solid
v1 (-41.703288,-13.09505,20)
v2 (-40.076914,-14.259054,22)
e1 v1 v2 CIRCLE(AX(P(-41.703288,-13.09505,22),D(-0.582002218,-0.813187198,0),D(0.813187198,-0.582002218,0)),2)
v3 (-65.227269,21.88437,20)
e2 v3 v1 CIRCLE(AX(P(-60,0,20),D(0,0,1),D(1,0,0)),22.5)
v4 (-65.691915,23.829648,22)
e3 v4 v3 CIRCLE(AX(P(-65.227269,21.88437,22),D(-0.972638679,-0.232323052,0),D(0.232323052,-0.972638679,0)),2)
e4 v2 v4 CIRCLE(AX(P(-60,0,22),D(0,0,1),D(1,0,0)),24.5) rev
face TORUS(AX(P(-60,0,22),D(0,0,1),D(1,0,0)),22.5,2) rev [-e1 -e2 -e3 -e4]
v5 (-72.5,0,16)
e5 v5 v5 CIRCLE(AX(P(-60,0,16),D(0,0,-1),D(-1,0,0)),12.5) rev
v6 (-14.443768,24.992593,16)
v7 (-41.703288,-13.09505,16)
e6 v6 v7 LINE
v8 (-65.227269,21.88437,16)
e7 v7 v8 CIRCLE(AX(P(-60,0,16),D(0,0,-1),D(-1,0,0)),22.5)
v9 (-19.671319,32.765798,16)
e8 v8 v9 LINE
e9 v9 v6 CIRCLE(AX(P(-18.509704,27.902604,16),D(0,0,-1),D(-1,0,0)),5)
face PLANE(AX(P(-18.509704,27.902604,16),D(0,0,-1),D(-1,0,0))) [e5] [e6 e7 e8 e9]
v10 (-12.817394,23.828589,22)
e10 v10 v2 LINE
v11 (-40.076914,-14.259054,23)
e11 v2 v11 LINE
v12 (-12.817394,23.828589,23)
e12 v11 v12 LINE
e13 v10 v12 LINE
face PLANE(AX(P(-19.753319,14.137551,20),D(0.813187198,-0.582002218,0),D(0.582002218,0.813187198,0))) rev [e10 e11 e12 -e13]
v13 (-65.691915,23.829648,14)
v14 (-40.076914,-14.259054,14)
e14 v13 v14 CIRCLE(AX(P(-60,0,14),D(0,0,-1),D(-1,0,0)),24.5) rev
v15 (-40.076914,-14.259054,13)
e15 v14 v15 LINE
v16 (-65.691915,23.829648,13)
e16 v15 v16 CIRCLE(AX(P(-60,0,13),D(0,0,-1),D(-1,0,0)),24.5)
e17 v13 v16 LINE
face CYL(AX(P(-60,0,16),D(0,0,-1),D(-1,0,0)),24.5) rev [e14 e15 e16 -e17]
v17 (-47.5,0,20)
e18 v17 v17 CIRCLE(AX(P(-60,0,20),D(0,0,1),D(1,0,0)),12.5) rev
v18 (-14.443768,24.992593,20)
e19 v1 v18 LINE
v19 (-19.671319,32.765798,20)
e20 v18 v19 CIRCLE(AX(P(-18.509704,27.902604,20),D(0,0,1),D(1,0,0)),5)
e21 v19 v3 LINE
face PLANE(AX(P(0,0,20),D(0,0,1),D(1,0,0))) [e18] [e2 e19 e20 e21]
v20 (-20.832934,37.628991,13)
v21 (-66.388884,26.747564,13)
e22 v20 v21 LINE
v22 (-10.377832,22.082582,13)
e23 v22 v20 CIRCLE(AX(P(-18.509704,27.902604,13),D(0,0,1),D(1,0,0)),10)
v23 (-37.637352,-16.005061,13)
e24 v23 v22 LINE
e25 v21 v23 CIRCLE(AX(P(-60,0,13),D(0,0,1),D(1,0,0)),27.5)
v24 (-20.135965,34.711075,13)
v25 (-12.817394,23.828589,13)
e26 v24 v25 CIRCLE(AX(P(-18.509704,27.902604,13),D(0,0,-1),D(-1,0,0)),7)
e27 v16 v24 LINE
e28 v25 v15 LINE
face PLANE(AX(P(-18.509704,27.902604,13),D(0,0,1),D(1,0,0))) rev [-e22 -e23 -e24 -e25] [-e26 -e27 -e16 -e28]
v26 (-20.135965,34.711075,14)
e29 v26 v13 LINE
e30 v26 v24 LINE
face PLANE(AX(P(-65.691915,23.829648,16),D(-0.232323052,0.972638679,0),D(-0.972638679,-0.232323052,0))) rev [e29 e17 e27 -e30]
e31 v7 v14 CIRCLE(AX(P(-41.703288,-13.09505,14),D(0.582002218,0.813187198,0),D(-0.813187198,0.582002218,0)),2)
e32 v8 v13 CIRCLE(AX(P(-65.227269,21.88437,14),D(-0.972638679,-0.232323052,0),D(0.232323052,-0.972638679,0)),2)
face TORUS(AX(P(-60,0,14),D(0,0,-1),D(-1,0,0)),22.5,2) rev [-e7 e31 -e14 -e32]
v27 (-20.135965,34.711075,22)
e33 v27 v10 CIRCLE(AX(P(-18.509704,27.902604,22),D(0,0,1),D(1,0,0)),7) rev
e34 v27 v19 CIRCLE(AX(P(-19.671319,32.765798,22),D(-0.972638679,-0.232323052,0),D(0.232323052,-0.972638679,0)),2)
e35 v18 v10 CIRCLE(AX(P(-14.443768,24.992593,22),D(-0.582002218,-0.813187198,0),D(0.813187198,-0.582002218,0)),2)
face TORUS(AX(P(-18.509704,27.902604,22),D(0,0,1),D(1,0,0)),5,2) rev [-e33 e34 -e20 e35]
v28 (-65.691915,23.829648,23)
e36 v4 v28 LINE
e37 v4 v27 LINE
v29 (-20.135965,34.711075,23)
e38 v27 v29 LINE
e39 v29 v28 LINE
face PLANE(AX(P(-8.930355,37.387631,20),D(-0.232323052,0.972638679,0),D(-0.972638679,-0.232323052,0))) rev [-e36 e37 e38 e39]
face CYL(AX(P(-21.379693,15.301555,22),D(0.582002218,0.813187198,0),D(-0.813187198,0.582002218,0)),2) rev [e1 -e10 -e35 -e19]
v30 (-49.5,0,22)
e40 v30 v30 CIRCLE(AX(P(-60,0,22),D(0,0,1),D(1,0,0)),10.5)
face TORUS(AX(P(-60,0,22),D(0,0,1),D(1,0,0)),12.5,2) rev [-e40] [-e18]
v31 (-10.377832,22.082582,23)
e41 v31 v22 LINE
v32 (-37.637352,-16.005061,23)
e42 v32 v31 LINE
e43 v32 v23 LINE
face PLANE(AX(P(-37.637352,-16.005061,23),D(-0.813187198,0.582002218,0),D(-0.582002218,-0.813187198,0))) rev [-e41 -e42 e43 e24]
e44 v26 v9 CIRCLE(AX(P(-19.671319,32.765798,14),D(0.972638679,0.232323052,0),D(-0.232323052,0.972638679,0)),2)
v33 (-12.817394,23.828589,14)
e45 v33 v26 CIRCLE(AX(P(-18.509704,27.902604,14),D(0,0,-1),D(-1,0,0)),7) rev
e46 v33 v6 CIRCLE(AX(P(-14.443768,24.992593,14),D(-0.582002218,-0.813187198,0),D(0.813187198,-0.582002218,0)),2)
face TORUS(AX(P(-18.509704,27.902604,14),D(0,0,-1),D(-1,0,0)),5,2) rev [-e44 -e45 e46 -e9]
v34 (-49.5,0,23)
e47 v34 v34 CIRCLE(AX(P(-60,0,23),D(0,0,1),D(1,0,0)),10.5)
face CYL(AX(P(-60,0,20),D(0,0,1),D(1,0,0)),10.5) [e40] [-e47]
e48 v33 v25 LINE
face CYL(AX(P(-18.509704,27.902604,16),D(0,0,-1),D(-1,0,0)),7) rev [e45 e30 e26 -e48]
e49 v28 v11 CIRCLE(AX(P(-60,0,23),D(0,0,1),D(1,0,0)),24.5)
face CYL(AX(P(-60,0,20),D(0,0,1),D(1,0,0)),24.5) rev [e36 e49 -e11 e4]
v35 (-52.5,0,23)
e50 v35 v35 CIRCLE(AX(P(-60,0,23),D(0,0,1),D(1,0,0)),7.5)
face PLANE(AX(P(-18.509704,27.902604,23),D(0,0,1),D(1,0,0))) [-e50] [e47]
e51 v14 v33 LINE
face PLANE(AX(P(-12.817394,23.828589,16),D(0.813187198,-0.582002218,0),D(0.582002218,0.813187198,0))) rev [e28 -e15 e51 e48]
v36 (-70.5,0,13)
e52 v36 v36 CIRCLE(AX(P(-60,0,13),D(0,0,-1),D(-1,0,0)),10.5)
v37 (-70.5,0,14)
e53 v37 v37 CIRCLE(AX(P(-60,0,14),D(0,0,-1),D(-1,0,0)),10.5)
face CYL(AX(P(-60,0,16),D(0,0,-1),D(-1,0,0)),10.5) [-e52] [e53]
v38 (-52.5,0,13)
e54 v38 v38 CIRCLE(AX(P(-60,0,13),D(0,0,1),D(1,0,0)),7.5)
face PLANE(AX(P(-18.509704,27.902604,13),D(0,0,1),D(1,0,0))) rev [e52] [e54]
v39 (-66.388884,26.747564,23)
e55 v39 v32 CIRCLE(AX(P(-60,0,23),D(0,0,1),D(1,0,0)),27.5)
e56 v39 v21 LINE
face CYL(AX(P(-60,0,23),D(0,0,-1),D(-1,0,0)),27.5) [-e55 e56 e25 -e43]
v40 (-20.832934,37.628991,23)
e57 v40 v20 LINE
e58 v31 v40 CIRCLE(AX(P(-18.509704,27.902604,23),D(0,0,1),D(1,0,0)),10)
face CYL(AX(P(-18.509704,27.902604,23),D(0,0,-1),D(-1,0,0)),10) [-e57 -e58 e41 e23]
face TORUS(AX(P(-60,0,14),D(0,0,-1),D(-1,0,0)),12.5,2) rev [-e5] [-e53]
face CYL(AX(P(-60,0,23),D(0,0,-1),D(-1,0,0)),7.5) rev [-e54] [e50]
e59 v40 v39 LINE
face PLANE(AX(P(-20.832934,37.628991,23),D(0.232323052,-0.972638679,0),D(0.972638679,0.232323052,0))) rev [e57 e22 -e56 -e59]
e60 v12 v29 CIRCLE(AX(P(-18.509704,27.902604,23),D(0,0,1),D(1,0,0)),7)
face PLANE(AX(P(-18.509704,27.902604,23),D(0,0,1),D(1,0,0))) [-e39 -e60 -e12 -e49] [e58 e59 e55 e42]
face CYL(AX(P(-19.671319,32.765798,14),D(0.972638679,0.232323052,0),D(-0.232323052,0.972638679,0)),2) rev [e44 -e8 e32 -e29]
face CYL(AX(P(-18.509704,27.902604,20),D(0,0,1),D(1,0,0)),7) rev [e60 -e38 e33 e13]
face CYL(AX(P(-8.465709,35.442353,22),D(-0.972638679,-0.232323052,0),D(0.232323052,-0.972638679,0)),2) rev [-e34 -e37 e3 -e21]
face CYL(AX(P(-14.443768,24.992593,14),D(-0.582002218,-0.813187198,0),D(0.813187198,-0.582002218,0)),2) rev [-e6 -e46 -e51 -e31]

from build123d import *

# Parameters (mm, degrees)
SKETCH2_R           = 7.5
BOSS_EXTRUDE1_DEPTH = 10
SKETCH3_R           = 10.5
CUT_EXTRUDE1_DEPTH  = 3
CUT_EXTRUDE2_START  = -3
SKETCH4_R           = 10.5
CUT_EXTRUDE2_DEPTH  = 3
FILLET1_R           = 2


with BuildPart() as part:
    # Sketch2 → Boss-Extrude1 (new body)
    with BuildSketch(Plane.XY.offset(13)):
        with BuildLine():
            Line((-20.832934418, 37.628991133), (-66.388883934, 26.747563666))
            ThreePointArc((-66.388883934, 26.747563666), (-82.819662857, -15.34643239), (-37.637352066, -16.005060993))
            Line((-37.637352066, -16.005060993), (-10.377831921, 22.082582166))
            ThreePointArc((-10.377831921, 22.082582166), (-10.211644676, 33.483125214), (-20.832934418, 37.628991133))
        make_face()
        with Locations((-60, 0)):
            Circle(SKETCH2_R, mode=Mode.SUBTRACT)
    extrude(amount=BOSS_EXTRUDE1_DEPTH)

    # Sketch3 → Cut-Extrude1 (cut)
    with BuildSketch(Plane.XY.offset(23)):
        with BuildLine():
            Line((-20.135965261, 34.711075097), (-65.691914777, 23.82964763))
            ThreePointArc((-65.691914777, 23.82964763), (-80.330245091, -13.672276129), (-40.076913659, -14.25905434))
            Line((-40.076913659, -14.25905434), (-12.817393513, 23.82858882))
            ThreePointArc((-12.817393513, 23.82858882), (-12.701062442, 31.808968954), (-20.135965261, 34.711075097))
        make_face()
        with Locations((-60, 0)):
            Circle(SKETCH3_R, mode=Mode.SUBTRACT)
    extrude(amount=-CUT_EXTRUDE1_DEPTH, mode=Mode.SUBTRACT)

    # Sketch4 → Cut-Extrude2 (cut)
    with BuildSketch(Plane(origin=(0, 0, 13), x_dir=(-1, 0, 0), z_dir=(0, 0, -1)).offset(CUT_EXTRUDE2_START)):
        with BuildLine():
            Line((65.691914777, 23.82964763), (20.135965261, 34.711075097))
            ThreePointArc((20.135965261, 34.711075097), (12.701062442, 31.808968954), (12.817393513, 23.82858882))
            Line((12.817393513, 23.82858882), (40.076913659, -14.25905434))
            ThreePointArc((40.076913659, -14.25905434), (80.330245091, -13.672276129), (65.691914777, 23.82964763))
        make_face()
        with Locations(Location((60, 0, 0), (0, 0, 180))):
            Circle(SKETCH4_R, mode=Mode.SUBTRACT)
    extrude(amount=CUT_EXTRUDE2_DEPTH, mode=Mode.SUBTRACT)

    # Fillet1
    fillet1_edges = [part.edges().sort_by_distance(p)[0] for p in [
        (-42.913940019, 29.270361363, 20),
        (-12.701062442, 31.808968954, 20),
        (-26.447153586, 4.78476724, 20),
        (-80.330245091, -13.672276129, 20),
        (-70.5, 0, 20),
        (-12.701062442, 31.808968954, 16),
        (-42.913940019, 29.270361363, 16),
        (-80.330245091, -13.672276129, 16),
        (-26.447153586, 4.78476724, 16),
        (-70.5, 0, 16),
    ]]
    fillet(fillet1_edges, radius=FILLET1_R)


solid = part.part
